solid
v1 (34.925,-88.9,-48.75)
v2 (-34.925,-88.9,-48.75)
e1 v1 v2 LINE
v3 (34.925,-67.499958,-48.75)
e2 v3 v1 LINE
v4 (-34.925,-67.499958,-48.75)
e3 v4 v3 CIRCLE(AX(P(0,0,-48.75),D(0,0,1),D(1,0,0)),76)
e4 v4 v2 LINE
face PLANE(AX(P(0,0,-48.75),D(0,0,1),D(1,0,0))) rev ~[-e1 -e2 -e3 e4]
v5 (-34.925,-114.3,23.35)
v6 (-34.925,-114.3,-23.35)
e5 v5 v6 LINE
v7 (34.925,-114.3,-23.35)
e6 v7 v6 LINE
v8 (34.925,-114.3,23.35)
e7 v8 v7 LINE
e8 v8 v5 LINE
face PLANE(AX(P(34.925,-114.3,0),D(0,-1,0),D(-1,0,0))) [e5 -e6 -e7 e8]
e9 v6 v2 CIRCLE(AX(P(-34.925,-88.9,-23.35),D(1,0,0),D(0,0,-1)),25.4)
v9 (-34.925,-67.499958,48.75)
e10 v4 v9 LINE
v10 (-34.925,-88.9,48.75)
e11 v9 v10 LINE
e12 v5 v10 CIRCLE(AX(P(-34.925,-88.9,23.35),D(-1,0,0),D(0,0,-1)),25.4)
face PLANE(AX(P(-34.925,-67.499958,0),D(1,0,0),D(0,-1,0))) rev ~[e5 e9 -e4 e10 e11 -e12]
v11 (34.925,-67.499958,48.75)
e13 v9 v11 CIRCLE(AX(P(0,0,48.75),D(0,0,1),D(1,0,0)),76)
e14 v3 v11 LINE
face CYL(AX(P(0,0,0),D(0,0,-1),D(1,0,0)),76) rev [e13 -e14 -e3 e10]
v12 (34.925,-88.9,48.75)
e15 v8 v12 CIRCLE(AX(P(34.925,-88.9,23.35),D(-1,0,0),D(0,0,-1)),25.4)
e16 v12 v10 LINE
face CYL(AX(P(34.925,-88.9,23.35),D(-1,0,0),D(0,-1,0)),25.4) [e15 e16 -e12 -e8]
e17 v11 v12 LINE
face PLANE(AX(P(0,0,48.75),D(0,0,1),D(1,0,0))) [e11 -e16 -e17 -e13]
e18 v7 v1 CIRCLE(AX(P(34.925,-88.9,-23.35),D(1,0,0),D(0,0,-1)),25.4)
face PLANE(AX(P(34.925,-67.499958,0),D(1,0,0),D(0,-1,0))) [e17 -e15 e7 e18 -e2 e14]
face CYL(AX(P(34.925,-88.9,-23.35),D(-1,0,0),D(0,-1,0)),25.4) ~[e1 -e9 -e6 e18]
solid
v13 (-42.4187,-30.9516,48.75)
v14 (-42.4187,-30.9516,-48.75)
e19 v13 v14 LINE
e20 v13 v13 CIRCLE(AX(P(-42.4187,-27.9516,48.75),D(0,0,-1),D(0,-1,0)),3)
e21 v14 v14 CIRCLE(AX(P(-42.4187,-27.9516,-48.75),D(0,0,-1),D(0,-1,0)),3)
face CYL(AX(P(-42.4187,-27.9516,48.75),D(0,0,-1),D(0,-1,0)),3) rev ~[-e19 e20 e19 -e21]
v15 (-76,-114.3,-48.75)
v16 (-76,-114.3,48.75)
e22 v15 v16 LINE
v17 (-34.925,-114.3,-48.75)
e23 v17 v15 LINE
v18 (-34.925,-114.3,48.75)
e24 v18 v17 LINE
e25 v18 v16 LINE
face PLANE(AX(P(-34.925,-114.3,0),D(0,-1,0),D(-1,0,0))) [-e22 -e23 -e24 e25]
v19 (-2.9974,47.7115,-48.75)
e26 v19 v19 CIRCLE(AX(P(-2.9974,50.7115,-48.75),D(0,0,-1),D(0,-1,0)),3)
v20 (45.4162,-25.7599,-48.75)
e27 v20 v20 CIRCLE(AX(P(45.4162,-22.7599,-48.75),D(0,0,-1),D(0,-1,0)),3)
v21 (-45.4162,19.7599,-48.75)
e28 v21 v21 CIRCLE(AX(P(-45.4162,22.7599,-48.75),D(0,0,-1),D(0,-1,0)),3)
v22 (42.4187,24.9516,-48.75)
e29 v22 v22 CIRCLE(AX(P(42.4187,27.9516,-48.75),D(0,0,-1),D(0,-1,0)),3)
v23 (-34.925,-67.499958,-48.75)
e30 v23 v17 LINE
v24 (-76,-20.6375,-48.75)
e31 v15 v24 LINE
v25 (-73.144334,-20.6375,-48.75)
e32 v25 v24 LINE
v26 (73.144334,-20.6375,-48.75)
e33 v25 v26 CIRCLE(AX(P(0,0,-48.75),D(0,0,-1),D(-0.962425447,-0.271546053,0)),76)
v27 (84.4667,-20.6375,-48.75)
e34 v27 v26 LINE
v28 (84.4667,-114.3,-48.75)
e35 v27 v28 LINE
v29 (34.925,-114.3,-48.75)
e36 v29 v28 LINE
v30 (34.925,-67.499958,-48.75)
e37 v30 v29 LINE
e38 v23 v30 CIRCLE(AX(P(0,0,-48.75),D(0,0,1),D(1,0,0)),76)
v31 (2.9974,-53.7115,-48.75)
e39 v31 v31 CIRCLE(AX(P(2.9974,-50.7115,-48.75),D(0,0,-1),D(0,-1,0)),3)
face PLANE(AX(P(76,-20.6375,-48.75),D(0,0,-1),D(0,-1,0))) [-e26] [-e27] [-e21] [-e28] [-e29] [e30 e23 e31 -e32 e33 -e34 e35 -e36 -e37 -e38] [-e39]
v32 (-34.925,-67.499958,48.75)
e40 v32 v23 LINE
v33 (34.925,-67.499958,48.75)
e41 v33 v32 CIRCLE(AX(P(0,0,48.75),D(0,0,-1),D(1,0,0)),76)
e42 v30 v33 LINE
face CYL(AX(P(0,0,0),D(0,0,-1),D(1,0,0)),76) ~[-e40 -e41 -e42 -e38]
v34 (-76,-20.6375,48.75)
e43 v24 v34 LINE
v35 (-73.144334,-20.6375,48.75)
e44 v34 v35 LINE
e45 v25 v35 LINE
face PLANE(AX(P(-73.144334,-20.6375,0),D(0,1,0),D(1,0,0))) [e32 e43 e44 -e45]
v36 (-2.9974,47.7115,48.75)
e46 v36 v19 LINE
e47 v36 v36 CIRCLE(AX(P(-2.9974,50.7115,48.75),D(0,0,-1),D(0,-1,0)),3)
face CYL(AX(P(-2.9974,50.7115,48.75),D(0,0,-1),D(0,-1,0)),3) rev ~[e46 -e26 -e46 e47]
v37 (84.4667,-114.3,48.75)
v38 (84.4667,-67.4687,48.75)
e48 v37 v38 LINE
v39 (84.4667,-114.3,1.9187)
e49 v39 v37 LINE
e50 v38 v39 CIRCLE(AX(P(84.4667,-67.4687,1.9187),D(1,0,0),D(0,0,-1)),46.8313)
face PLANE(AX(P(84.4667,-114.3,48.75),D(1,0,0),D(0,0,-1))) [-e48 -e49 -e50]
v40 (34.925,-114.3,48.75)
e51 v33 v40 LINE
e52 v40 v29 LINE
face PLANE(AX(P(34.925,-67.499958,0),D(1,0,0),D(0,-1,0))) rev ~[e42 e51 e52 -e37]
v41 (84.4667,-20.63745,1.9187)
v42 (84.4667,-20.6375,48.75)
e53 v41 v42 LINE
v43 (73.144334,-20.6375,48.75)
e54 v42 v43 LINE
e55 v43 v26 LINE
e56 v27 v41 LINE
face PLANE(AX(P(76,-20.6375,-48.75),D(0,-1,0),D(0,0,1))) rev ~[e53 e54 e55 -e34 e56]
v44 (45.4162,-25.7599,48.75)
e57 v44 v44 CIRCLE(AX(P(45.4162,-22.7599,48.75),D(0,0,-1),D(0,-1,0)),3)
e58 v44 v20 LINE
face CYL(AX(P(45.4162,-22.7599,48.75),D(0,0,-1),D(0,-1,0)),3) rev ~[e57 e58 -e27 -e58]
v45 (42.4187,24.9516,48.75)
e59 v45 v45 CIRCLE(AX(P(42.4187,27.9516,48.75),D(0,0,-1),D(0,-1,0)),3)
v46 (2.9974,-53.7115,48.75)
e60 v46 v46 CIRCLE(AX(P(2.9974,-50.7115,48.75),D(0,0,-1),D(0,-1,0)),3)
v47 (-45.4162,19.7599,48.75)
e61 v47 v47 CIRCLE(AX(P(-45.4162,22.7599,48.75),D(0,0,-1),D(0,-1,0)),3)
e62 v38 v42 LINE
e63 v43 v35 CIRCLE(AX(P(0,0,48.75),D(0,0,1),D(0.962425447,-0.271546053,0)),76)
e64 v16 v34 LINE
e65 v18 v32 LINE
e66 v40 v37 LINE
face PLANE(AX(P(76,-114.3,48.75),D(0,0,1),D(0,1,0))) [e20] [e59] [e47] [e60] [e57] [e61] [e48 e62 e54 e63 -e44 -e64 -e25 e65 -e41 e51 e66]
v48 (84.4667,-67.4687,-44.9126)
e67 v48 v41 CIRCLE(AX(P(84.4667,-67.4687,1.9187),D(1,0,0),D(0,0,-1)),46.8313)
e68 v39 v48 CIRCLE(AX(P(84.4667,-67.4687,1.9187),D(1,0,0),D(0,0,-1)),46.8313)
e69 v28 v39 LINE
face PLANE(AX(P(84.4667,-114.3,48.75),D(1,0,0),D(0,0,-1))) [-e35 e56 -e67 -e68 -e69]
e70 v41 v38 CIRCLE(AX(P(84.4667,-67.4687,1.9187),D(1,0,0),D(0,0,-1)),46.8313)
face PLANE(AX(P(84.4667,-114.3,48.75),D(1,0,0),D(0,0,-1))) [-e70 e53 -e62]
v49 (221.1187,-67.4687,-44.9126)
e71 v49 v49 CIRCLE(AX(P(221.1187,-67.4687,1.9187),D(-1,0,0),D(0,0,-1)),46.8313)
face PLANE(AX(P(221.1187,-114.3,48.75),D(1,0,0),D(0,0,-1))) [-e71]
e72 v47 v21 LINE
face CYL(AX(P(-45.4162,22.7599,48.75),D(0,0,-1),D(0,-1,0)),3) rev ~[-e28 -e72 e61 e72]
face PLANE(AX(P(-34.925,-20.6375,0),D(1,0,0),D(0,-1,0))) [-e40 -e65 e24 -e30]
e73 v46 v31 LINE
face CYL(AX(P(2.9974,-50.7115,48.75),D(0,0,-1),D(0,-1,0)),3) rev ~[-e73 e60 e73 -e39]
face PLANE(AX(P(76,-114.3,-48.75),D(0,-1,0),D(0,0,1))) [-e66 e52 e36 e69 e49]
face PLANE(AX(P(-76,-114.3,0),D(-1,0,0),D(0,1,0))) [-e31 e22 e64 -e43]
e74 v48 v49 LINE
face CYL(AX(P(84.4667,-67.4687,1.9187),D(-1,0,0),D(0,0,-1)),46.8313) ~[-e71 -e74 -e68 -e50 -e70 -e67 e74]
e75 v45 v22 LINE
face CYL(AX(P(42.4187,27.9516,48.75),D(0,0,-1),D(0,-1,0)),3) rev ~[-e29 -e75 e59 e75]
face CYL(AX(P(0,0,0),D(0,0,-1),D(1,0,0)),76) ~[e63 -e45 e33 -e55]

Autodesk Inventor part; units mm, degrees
ref_plane "YZ Plane" through (0, 0, 0) normal (1, 0, 0) x (0, 1, 0)
ref_plane "XZ Plane" through (0, 0, 0) normal (0, 1, 0) x (-1, 0, 0)
ref_plane "XY Plane" through (0, 0, 0) normal (0, 0, 1) x (1, 0, 0)
sketch "Sketch3" plane through (0, 0, 0) normal (0, 0, 1) x (1, 0, 0)
  circle A0 centre (0, 0) radius 76
  circle A1 centre (0, 0) radius 12.7
  circle A2 centre (0, 0) radius 50.8
  circle A3 centre (-45.4162, 22.7599) radius 3
  circle A4 centre (0, 12.7) radius 3
  line L0 (-76, 0) -> (76, 0)
  line L1 (76, 0) -> (76, -114.3)
  line L2 (76, -114.3) -> (-76, -114.3)
  line L3 (-76, -114.3) -> (-76, 0)
  circle A5 centre (-42.4187, -27.9516) radius 3
  circle A6 centre (2.9974, -50.7115) radius 3
  circle A7 centre (45.4162, -22.7599) radius 3
  circle A8 centre (42.4187, 27.9516) radius 3
  circle A9 centre (-2.9974, 50.7115) radius 3
  circle A10 centre (-12.7, 0) radius 3
  circle A11 centre (0, -12.7) radius 3
  circle A12 centre (12.7, 0) radius 3
  line L4 (-76, -20.6375) -> (-34.925, -20.6375)
  line L5 (-34.925, -20.6375) -> (-34.925, -114.3)
  line L6 (-34.925, -114.3) -> (-76, -114.3)
  line L7 (-76, -114.3) -> (-76, -20.6375)
  line L8 (0, 0) -> (0, -114.3) construction
  line L9 (76, -20.6375) -> (34.925, -20.6375)
  line L10 (34.925, -20.6375) -> (34.925, -114.3)
  line L11 (-2.9974, 50.7115) -> (-2.9974, 0) construction
  point P0 (34.925, -67.5)
  point P1 (73.1443, -20.6375)
  point P2 (-34.925, -67.5)
  dimension "d5" = 152
  dimension "d20" = 101.6
  dimension "d21" = 25.4
  dimension "d8" = 6
  dimension "d9" = 6
  dimension "d12" = 360
  dimension "d16" = 360
  dimension "d22" = 114.3
extrude "Extrusion3" add sketch "Sketch3" along normal mid plane 97.5 contours L0 A2 A8 A9 A3 A0 | A0 L9 A7 A2 L0 | L0 A2 L4 A0 | A0 L10 A2 A7 L9 | L0 A12 A1 A4 A10 A2 A3 A9 A8 | A2 A7 L9 L10 A6 L5 L4 L0 A10 A1 A11 A12 | L4 A2 A5 L5 A0 | A0 L5 A2 A6 L10 | L9 A2 A7 | A7 A2 L9 | A8 A2 | A2 A8 | A2 L9 A7 | A12 A1 L0 | L0 A1 A12 | L4 L5 A2 A5 | A3 A2 | A2 A3 | A10 A1 L0 | L0 A1 A10 | L10 L9 A7 A2 | A2 A7 L9 | L0 A12 A1 | A1 A12 L0 | A12 L0 A10 A1 A4 | A1 A11 A10 L0 A12 | A5 A2 | A2 A5 | L0 A10 A1 | A1 A10 L0 | A6 A2 | A2 A6 | A9 A2 | A2 A9 | A4 A1 | A1 A4 | A11 A1 | A1 A11
extrude "Extrusion4" add sketch "Sketch3" along normal mid plane 97.5 contours L9 L1 L2 L10 A0 | L4 A2 A5 L5 A0 | A0 L5 L2 L3 L4 | L4 L5 A2 A5 | A5 A2 | A2 A5
extrude "Extrusion5" add sketch "Sketch3" along normal mid plane 97.5 separate body contours L10 L2 L5 A0
fillet "Fillet1" radius 25.4 2 edges at (0, -114.3, 48.75) (0, -114.3, -48.75)
sketch "Sketch4" plane through (76, -114.3, 48.75) normal (1, 0, 0) x (0, 0, -1)
  line L0 (0, 0) -> (0, 93.6625) projected
  line L1 (97.5, 0) -> (0, 0) projected
  line L2 (97.5, 93.6625) -> (97.5, 0) projected
  line L3 (97.5, 0) -> (0, 0) projected
  line L4 (97.5, 0) -> (97.5, 93.6625) projected
  line L5 (0, 0) -> (97.5, 0)
  line L6 (97.5, 0) -> (97.5, 93.6625)
  line L7 (97.5, 93.6625) -> (0, 93.6625)
  line L8 (0, 93.6625) -> (0, 0)
  point P0 (48.75, 114.3)
extrude "Extrusion6" add sketch "Sketch4" along normal blind 8.4667 bodies 1
sketch "Sketch5" plane through (84.4667, -114.3, 48.75) normal (1, 0, 0) x (0, 0, -1)
  line L0 (0, 93.6625) -> (0, 0) projected
  line L1 (0, 0) -> (97.5, 0) projected
  line L2 (97.5, 0) -> (97.5, 93.6625) projected
  line L3 (97.5, 93.6625) -> (0, 93.6625) projected
  line L4 (0, 93.6625) -> (0, 0) projected
  circle A0 centre (46.8313, 46.8313) radius 46.8313
  line L5 (97.5, 93.6625) -> (0, 93.6625) projected
  line L6 (0, 0) -> (97.5, 0) projected
  point P0 (48.75, 114.3)
extrude "Extrusion7" add sketch "Sketch5" along normal blind 136.652 contours A0 bodies 1
sketch "Sketch6" plane through (0, 0, 48.75) normal (0, 0, 1) x (1, 0, 0)
  circle A0 centre (-45.4162, 22.7599) radius 3 projected
  circle A1 centre (-2.9974, 50.7115) radius 3 projected
  circle A2 centre (42.4187, 27.9516) radius 3 projected
  circle A3 centre (45.4162, -22.7599) radius 3 projected
  circle A4 centre (2.9974, -50.7115) radius 3 projected
  circle A5 centre (-42.4187, -27.9516) radius 3 projected
  point P0 (0, 0)
hole "Hole1" at (-42.4187, -27.9516, 48.75) at (-45.4162, 22.7599, 48.75) at (-2.9974, 50.7115, 48.75) at (42.4187, 27.9516, 48.75) at (45.4162, -22.7599, 48.75) at (2.9974, -50.7115, 48.75) direction (0, 0, -1) diameter 6 end through all bodies 1
properties part number "RotaryPlatform"
